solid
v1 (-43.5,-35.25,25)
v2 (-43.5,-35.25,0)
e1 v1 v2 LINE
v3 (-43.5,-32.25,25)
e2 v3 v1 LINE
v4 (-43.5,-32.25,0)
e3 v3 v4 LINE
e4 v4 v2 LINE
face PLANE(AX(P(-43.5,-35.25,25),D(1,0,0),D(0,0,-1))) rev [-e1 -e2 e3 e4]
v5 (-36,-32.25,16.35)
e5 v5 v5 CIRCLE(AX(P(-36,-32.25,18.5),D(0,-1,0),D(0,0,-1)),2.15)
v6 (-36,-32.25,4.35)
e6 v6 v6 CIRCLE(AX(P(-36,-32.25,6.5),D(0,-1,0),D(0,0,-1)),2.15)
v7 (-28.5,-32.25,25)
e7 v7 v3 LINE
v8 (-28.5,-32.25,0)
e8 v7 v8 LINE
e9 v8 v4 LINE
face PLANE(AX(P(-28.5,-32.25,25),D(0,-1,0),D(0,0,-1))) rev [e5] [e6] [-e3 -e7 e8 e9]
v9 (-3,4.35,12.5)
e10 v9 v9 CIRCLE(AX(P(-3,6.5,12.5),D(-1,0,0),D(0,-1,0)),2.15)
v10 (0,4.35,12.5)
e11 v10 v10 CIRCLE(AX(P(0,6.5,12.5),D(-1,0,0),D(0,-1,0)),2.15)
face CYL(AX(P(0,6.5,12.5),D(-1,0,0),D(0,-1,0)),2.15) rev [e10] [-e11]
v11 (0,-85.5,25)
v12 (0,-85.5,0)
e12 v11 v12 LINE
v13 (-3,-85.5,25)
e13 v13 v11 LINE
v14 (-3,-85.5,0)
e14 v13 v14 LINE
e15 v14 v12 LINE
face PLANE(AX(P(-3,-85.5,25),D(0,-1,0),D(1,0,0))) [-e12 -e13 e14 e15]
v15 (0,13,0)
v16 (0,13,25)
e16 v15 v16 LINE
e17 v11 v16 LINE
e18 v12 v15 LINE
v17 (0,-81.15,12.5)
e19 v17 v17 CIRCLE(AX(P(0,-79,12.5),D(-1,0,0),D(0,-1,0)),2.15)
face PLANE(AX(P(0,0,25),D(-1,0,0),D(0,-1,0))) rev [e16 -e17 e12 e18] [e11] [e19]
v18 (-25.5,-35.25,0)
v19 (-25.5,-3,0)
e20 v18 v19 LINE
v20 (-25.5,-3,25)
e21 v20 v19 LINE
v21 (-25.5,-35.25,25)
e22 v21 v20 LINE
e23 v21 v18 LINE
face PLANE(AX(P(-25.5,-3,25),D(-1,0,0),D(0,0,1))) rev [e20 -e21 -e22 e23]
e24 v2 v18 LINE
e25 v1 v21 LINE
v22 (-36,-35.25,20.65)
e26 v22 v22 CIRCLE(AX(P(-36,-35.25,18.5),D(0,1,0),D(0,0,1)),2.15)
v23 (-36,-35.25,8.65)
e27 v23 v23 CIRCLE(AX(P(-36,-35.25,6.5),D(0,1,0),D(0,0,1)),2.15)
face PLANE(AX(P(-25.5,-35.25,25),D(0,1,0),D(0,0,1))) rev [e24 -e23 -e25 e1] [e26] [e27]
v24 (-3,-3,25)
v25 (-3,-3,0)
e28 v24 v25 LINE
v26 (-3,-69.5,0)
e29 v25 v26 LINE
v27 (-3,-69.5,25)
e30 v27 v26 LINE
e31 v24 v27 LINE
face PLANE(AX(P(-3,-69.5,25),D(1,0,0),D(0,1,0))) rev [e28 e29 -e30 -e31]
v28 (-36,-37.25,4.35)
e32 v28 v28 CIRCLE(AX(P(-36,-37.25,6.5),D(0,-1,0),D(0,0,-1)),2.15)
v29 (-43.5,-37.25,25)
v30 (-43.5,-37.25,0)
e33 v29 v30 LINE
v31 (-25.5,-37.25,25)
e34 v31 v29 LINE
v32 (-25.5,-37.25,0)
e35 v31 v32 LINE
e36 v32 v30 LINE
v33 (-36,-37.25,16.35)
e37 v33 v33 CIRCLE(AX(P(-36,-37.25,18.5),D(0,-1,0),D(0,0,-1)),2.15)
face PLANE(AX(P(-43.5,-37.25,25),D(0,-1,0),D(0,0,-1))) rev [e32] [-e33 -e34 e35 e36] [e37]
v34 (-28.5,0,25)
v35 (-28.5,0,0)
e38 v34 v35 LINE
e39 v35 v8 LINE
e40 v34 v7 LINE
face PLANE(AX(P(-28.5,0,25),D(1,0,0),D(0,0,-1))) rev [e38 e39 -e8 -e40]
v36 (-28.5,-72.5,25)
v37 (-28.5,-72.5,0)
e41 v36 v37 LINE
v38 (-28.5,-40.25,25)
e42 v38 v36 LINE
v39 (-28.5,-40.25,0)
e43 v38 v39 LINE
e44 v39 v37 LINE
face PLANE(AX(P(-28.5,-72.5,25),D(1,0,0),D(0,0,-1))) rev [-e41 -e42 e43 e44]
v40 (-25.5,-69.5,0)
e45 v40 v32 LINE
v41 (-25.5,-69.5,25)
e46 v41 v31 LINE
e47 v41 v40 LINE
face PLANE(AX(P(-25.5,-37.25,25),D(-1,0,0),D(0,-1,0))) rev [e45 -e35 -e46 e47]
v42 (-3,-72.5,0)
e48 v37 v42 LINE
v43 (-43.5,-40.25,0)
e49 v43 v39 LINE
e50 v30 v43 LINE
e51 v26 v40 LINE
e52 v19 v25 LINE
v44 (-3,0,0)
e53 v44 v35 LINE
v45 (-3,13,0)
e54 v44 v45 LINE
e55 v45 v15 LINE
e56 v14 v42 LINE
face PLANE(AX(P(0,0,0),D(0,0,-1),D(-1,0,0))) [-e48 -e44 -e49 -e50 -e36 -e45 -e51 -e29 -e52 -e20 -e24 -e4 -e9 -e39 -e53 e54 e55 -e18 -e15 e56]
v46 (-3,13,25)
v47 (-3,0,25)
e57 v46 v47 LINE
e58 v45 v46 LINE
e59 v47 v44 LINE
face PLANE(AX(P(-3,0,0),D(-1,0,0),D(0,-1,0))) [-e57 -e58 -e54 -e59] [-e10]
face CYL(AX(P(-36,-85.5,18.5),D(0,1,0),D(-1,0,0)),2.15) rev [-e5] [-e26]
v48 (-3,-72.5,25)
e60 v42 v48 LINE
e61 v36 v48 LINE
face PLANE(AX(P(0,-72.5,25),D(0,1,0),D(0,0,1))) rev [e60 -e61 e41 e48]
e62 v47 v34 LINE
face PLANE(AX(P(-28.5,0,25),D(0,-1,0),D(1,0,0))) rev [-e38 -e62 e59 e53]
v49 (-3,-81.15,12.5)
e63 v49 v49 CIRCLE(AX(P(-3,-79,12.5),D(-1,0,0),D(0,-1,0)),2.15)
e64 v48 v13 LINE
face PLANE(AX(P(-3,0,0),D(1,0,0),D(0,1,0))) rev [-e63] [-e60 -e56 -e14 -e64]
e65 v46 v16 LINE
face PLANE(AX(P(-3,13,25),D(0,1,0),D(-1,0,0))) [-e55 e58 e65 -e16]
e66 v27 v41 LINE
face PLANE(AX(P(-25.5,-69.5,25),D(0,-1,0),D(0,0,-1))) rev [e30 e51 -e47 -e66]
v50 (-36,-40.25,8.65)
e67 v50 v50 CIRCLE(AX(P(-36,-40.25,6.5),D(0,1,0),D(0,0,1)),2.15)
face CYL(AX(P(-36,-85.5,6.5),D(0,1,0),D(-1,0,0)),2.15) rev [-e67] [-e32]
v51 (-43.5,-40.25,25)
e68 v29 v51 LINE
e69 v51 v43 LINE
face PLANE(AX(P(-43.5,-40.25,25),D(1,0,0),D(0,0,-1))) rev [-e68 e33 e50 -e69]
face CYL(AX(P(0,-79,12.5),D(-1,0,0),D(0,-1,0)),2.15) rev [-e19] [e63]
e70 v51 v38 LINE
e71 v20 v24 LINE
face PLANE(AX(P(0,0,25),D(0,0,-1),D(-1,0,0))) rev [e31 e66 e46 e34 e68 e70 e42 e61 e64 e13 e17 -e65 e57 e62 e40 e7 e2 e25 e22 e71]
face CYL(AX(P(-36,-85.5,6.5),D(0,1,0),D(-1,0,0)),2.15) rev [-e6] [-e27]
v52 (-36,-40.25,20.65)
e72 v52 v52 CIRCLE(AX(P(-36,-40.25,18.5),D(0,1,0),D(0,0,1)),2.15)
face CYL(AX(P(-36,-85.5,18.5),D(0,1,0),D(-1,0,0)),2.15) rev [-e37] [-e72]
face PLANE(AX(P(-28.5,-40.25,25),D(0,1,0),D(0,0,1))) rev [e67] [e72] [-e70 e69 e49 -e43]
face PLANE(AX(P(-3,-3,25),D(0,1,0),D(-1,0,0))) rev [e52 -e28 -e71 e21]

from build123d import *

# Parameters (mm, degrees)
BOSS_EXTRUDE1_DEPTH     = 25
SKETCH3_W               = 25
SKETCH3_H               = 13
BOSS_EXTRUDE2_DEPTH     = 3
SKETCH4_R               = 2.15
CUT_EXTRUDE1_DEPTH      = 3
CUT_EXTRUDE2_DEPTH      = 74.16291752
CUT_EXTRUDE2_DEPTH_BACK = 74.16291752
SKETCH5_R               = 2.15


with BuildPart() as part:
    # Sketch2 → Boss-Extrude1 (new body)
    with BuildSketch(Plane.XY):
        Polygon((0, 0), (0, -72.5), (-28.5, -72.5), (-28.5, -40.25), (-43.5, -40.25), (-43.5, -37.25), (-25.5, -37.25), (-25.5, -69.5), (-3, -69.5), (-3, -3), (-25.5, -3), (-25.5, -35.25), (-43.5, -35.25), (-43.5, -32.25), (-28.5, -32.25), (-28.5, 0), align=None)
    extrude(amount=BOSS_EXTRUDE1_DEPTH)

    # Sketch3 → Boss-Extrude2 (add)
    with BuildSketch(Plane(origin=(0, 0, 0), x_dir=(0, 0, -1), z_dir=(1, 0, 0))):
        with Locations((-12.5, 6.5)):
            Rectangle(SKETCH3_W, SKETCH3_H)
        with Locations((-12.5, -79)):
            Rectangle(SKETCH3_W, SKETCH3_H)
    extrude(amount=-BOSS_EXTRUDE2_DEPTH)

    # Sketch4 → Cut-Extrude1 (cut)
    with BuildSketch(Plane.ZY.offset(3)):
        with Locations(Location((12.5, 6.5, 0), (0, 0, 270))):
            Circle(SKETCH4_R)
        with Locations(Location((12.5, -79, 0), (0, 0, 270))):
            Circle(SKETCH4_R)
    extrude(amount=-CUT_EXTRUDE1_DEPTH, mode=Mode.SUBTRACT)

    # Sketch5 → Cut-Extrude2 (cut, two sides: drawn at the far end of the back side and taken through both)
    with BuildSketch(Plane(origin=(0, -32.25, 0), x_dir=(1, 0, 0), z_dir=(0, 1, 0)).offset(-CUT_EXTRUDE2_DEPTH_BACK)):
        with Locations(Location((-36, -6.5, 0), (0, 0, 270))):
            Circle(SKETCH5_R)
        with Locations(Location((-36, -18.5, 0), (0, 0, 270))):
            Circle(SKETCH5_R)
    extrude(amount=CUT_EXTRUDE2_DEPTH + CUT_EXTRUDE2_DEPTH_BACK, mode=Mode.SUBTRACT)


solid = part.part
